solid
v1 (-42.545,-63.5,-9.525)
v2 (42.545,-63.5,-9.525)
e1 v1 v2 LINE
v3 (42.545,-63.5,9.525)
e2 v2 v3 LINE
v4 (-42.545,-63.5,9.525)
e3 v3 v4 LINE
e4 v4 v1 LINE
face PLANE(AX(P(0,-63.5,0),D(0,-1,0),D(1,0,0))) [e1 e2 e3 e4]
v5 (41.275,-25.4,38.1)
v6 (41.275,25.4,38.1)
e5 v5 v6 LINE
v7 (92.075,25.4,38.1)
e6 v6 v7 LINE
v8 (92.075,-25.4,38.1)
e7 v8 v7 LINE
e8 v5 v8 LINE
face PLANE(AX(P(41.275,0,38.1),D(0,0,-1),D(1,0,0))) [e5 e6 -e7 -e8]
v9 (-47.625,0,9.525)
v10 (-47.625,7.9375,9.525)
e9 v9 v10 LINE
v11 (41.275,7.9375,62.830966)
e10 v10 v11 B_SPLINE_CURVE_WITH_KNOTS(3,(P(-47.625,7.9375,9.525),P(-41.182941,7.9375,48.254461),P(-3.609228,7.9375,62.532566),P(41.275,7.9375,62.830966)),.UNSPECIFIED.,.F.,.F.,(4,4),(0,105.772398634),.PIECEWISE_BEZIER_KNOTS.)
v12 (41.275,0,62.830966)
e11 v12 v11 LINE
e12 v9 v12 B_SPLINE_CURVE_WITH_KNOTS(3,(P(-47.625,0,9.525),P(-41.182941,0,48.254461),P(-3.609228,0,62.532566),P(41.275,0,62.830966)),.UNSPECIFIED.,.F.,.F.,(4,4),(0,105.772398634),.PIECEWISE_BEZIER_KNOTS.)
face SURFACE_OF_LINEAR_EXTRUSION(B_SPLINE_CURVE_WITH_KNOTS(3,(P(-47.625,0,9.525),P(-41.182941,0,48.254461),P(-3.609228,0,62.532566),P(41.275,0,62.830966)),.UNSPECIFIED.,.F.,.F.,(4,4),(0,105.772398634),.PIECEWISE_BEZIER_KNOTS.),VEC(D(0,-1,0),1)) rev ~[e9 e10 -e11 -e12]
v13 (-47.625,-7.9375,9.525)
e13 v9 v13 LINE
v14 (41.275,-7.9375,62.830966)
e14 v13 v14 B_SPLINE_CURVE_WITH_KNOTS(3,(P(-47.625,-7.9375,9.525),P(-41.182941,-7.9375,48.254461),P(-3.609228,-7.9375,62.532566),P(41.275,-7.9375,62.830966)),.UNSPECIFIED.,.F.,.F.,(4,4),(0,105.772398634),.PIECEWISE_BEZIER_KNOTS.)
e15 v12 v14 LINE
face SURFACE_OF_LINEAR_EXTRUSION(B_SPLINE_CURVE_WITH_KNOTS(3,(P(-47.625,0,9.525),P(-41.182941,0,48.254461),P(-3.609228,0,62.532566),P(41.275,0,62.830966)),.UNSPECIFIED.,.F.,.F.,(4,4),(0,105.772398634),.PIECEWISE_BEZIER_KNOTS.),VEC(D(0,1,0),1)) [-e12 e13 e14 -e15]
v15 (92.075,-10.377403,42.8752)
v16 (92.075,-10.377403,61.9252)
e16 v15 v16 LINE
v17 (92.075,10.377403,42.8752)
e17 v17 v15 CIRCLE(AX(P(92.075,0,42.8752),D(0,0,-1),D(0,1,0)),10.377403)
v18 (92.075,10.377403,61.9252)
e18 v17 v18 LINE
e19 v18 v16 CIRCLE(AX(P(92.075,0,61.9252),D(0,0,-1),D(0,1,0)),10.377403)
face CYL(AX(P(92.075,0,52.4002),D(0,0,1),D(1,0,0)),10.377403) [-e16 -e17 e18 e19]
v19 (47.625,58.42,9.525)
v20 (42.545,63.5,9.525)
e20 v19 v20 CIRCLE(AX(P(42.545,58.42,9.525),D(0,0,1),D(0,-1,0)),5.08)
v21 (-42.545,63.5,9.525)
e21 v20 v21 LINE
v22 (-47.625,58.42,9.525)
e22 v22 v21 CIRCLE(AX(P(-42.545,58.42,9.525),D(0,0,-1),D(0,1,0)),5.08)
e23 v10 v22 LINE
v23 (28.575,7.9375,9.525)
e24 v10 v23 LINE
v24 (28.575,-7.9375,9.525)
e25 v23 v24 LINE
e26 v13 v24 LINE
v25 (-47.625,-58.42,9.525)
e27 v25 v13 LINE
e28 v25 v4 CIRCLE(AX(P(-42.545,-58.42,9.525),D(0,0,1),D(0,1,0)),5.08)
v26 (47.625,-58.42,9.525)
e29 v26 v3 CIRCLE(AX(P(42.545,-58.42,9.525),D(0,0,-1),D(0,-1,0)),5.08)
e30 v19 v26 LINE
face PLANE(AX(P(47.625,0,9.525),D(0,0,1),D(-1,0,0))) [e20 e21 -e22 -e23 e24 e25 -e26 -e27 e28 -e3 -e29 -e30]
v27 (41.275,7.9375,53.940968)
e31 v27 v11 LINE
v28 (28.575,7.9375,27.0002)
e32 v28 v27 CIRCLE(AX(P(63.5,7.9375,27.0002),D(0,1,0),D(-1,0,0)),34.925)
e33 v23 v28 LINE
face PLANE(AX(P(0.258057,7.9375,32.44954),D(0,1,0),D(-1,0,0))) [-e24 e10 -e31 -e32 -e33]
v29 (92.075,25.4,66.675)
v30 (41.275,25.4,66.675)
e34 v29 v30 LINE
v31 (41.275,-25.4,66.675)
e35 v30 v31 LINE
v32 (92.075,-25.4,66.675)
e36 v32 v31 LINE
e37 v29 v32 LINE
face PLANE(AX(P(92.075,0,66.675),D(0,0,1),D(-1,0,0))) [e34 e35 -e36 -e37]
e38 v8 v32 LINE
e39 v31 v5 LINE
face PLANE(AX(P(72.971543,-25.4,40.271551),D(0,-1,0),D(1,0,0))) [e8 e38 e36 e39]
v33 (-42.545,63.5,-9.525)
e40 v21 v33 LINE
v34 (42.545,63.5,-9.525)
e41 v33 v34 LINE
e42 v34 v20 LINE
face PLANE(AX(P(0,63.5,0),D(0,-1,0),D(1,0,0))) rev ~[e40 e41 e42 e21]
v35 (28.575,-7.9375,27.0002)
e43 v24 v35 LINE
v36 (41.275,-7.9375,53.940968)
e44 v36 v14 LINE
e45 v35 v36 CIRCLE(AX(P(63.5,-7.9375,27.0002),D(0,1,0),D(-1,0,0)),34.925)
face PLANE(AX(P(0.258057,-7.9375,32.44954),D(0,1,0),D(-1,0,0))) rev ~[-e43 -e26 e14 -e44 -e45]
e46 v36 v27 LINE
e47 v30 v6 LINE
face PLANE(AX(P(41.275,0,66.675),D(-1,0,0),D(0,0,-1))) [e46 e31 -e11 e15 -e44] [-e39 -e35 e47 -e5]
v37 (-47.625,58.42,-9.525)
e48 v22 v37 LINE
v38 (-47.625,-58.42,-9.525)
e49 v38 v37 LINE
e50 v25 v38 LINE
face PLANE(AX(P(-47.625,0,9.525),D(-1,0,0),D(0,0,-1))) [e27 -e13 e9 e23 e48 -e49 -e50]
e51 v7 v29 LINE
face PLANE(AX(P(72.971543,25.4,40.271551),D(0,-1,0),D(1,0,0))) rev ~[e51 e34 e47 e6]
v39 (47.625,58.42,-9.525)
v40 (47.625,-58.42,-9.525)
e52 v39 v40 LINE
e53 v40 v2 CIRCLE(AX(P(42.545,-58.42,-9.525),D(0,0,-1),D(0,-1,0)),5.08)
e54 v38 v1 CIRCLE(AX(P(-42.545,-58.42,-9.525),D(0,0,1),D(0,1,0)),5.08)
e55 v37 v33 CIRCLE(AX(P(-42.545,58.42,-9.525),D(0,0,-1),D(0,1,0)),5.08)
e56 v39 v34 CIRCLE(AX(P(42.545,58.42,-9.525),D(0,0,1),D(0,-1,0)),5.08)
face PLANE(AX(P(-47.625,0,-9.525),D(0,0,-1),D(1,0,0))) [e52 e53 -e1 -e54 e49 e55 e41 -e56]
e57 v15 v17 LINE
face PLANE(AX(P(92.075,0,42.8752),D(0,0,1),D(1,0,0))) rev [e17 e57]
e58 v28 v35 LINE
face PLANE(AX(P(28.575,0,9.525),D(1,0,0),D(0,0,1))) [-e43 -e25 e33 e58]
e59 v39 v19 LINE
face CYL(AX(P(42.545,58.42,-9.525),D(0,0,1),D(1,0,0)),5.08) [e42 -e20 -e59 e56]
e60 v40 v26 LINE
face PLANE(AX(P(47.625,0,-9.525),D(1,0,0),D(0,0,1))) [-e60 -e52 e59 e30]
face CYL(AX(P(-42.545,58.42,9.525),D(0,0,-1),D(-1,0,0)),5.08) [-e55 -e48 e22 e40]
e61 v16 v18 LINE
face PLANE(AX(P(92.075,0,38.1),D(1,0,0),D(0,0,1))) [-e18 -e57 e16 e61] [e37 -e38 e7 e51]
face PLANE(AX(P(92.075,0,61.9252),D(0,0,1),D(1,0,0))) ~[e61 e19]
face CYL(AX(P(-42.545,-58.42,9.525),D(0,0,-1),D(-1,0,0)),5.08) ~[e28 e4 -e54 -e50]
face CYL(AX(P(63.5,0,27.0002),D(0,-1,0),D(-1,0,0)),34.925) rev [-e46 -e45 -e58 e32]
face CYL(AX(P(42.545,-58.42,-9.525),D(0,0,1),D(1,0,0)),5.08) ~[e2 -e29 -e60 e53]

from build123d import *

# Parameters (mm, degrees)
F1_DEPTH = 63.5
F2_DEPTH = 7.9375
F3_DEPTH = 25.4
F0_W     = 10.3774026796
F0_H     = 19.05
F5_R     = 5.08


with BuildPart() as f1:
    # F0 (on Front) → F1 (new body, symmetric)
    with BuildSketch(Plane.XZ):
        Polygon((-47.625, -9.525), (47.625, -9.525), (47.625, 9.525), (28.575, 9.525), (-47.625, 9.525), align=None)
    extrude(amount=F1_DEPTH, both=True)

    # F0 (on Front) → F2 (join, symmetric)
    with BuildSketch(Plane.XZ):
        with BuildLine():
            add(Edge.make_bspline(
                [(-47.625, 9.525), (-41.1829413646, 48.2544610148), (-3.609227819, 62.5325655632), (41.275, 62.8309662256)],
                knots=[0, 0, 0, 0, 105.7723986336, 105.7723986336, 105.7723986336, 105.7723986336], degree=3))
            Line((-47.625, 9.525), (28.575, 9.525))
            Line((28.575, 9.525), (28.575, 27.0002))
            ThreePointArc((28.575, 27.0002), (31.9091488719, 41.8922700374), (41.275, 53.9409683632))
            Line((41.275, 53.9409683632), (41.275, 62.8309662256))
        make_face()
    extrude(amount=F2_DEPTH, both=True)

    # F0 (on Front) → F3 (join, symmetric)
    with BuildSketch(Plane.XZ):
        with BuildLine():
            ThreePointArc((63.5, 42.8752), (57.3434465811, 41.6327826497), (52.1505478123, 38.1))
            Line((52.1505478123, 38.1), (92.075, 38.1))
            Line((92.075, 38.1), (92.075, 42.8752))
            Line((92.075, 42.8752), (63.5, 42.8752))
        make_face()
        with BuildLine():
            Line((41.275, 66.675), (41.275, 62.8309662256))
            add(Edge.make_bspline(
                [(41.275, 62.8309662256), (48.5260198489, 62.8791726721), (55.9678310127, 62.5625339124), (63.5, 61.9252)],
                knots=[105.7723986336, 105.7723986336, 105.7723986336, 105.7723986336, 122.8598656398, 122.8598656398, 122.8598656398, 122.8598656398], degree=3))
            Line((63.5, 61.9252), (92.075, 61.9252))
            Line((92.075, 61.9252), (92.075, 66.675))
            Line((92.075, 66.675), (41.275, 66.675))
        make_face()
        with BuildLine():
            add(Edge.make_bspline(
                [(41.275, 62.8309662256), (48.5260198489, 62.8791726721), (55.9678310127, 62.5625339124), (63.5, 61.9252)],
                knots=[105.7723986336, 105.7723986336, 105.7723986336, 105.7723986336, 122.8598656398, 122.8598656398, 122.8598656398, 122.8598656398], degree=3))
            Line((41.275, 62.8309662256), (41.275, 53.9409683632))
            ThreePointArc((41.275, 53.9409683632), (51.6921786532, 59.8685887655), (63.5, 61.9252))
        make_face()
        with BuildLine():
            Line((41.275, 38.1), (52.1505478123, 38.1))
            ThreePointArc((52.1505478123, 38.1), (57.3434465811, 41.6327826497), (63.5, 42.8752))
            Line((63.5, 42.8752), (92.075, 42.8752))
            Line((92.075, 42.8752), (92.075, 61.9252))
            Line((92.075, 61.9252), (63.5, 61.9252))
            ThreePointArc((63.5, 61.9252), (51.6921786532, 59.8685887655), (41.275, 53.9409683632))
            Line((41.275, 53.9409683632), (41.275, 38.1))
        make_face()
    extrude(amount=F3_DEPTH, both=True)

    # F0 (on Front) → F4 (revolve)
    with BuildSketch(Plane.XZ):
        with Locations((97.2637013398, 52.4002)):
            Rectangle(F0_W, F0_H)
    revolve(axis=Axis((92.075, 0, 52.3875), (0, 0, 1)))

    # F5
    f5_edges = [f1.edges().sort_by_distance(p)[0] for p in [
        (-47.625, -63.5, 0),
        (47.625, -63.5, 0),
        (47.625, 63.5, 0),
        (-47.625, 63.5, 0),
    ]]
    fillet(f5_edges, radius=F5_R)


solid = f1.part
